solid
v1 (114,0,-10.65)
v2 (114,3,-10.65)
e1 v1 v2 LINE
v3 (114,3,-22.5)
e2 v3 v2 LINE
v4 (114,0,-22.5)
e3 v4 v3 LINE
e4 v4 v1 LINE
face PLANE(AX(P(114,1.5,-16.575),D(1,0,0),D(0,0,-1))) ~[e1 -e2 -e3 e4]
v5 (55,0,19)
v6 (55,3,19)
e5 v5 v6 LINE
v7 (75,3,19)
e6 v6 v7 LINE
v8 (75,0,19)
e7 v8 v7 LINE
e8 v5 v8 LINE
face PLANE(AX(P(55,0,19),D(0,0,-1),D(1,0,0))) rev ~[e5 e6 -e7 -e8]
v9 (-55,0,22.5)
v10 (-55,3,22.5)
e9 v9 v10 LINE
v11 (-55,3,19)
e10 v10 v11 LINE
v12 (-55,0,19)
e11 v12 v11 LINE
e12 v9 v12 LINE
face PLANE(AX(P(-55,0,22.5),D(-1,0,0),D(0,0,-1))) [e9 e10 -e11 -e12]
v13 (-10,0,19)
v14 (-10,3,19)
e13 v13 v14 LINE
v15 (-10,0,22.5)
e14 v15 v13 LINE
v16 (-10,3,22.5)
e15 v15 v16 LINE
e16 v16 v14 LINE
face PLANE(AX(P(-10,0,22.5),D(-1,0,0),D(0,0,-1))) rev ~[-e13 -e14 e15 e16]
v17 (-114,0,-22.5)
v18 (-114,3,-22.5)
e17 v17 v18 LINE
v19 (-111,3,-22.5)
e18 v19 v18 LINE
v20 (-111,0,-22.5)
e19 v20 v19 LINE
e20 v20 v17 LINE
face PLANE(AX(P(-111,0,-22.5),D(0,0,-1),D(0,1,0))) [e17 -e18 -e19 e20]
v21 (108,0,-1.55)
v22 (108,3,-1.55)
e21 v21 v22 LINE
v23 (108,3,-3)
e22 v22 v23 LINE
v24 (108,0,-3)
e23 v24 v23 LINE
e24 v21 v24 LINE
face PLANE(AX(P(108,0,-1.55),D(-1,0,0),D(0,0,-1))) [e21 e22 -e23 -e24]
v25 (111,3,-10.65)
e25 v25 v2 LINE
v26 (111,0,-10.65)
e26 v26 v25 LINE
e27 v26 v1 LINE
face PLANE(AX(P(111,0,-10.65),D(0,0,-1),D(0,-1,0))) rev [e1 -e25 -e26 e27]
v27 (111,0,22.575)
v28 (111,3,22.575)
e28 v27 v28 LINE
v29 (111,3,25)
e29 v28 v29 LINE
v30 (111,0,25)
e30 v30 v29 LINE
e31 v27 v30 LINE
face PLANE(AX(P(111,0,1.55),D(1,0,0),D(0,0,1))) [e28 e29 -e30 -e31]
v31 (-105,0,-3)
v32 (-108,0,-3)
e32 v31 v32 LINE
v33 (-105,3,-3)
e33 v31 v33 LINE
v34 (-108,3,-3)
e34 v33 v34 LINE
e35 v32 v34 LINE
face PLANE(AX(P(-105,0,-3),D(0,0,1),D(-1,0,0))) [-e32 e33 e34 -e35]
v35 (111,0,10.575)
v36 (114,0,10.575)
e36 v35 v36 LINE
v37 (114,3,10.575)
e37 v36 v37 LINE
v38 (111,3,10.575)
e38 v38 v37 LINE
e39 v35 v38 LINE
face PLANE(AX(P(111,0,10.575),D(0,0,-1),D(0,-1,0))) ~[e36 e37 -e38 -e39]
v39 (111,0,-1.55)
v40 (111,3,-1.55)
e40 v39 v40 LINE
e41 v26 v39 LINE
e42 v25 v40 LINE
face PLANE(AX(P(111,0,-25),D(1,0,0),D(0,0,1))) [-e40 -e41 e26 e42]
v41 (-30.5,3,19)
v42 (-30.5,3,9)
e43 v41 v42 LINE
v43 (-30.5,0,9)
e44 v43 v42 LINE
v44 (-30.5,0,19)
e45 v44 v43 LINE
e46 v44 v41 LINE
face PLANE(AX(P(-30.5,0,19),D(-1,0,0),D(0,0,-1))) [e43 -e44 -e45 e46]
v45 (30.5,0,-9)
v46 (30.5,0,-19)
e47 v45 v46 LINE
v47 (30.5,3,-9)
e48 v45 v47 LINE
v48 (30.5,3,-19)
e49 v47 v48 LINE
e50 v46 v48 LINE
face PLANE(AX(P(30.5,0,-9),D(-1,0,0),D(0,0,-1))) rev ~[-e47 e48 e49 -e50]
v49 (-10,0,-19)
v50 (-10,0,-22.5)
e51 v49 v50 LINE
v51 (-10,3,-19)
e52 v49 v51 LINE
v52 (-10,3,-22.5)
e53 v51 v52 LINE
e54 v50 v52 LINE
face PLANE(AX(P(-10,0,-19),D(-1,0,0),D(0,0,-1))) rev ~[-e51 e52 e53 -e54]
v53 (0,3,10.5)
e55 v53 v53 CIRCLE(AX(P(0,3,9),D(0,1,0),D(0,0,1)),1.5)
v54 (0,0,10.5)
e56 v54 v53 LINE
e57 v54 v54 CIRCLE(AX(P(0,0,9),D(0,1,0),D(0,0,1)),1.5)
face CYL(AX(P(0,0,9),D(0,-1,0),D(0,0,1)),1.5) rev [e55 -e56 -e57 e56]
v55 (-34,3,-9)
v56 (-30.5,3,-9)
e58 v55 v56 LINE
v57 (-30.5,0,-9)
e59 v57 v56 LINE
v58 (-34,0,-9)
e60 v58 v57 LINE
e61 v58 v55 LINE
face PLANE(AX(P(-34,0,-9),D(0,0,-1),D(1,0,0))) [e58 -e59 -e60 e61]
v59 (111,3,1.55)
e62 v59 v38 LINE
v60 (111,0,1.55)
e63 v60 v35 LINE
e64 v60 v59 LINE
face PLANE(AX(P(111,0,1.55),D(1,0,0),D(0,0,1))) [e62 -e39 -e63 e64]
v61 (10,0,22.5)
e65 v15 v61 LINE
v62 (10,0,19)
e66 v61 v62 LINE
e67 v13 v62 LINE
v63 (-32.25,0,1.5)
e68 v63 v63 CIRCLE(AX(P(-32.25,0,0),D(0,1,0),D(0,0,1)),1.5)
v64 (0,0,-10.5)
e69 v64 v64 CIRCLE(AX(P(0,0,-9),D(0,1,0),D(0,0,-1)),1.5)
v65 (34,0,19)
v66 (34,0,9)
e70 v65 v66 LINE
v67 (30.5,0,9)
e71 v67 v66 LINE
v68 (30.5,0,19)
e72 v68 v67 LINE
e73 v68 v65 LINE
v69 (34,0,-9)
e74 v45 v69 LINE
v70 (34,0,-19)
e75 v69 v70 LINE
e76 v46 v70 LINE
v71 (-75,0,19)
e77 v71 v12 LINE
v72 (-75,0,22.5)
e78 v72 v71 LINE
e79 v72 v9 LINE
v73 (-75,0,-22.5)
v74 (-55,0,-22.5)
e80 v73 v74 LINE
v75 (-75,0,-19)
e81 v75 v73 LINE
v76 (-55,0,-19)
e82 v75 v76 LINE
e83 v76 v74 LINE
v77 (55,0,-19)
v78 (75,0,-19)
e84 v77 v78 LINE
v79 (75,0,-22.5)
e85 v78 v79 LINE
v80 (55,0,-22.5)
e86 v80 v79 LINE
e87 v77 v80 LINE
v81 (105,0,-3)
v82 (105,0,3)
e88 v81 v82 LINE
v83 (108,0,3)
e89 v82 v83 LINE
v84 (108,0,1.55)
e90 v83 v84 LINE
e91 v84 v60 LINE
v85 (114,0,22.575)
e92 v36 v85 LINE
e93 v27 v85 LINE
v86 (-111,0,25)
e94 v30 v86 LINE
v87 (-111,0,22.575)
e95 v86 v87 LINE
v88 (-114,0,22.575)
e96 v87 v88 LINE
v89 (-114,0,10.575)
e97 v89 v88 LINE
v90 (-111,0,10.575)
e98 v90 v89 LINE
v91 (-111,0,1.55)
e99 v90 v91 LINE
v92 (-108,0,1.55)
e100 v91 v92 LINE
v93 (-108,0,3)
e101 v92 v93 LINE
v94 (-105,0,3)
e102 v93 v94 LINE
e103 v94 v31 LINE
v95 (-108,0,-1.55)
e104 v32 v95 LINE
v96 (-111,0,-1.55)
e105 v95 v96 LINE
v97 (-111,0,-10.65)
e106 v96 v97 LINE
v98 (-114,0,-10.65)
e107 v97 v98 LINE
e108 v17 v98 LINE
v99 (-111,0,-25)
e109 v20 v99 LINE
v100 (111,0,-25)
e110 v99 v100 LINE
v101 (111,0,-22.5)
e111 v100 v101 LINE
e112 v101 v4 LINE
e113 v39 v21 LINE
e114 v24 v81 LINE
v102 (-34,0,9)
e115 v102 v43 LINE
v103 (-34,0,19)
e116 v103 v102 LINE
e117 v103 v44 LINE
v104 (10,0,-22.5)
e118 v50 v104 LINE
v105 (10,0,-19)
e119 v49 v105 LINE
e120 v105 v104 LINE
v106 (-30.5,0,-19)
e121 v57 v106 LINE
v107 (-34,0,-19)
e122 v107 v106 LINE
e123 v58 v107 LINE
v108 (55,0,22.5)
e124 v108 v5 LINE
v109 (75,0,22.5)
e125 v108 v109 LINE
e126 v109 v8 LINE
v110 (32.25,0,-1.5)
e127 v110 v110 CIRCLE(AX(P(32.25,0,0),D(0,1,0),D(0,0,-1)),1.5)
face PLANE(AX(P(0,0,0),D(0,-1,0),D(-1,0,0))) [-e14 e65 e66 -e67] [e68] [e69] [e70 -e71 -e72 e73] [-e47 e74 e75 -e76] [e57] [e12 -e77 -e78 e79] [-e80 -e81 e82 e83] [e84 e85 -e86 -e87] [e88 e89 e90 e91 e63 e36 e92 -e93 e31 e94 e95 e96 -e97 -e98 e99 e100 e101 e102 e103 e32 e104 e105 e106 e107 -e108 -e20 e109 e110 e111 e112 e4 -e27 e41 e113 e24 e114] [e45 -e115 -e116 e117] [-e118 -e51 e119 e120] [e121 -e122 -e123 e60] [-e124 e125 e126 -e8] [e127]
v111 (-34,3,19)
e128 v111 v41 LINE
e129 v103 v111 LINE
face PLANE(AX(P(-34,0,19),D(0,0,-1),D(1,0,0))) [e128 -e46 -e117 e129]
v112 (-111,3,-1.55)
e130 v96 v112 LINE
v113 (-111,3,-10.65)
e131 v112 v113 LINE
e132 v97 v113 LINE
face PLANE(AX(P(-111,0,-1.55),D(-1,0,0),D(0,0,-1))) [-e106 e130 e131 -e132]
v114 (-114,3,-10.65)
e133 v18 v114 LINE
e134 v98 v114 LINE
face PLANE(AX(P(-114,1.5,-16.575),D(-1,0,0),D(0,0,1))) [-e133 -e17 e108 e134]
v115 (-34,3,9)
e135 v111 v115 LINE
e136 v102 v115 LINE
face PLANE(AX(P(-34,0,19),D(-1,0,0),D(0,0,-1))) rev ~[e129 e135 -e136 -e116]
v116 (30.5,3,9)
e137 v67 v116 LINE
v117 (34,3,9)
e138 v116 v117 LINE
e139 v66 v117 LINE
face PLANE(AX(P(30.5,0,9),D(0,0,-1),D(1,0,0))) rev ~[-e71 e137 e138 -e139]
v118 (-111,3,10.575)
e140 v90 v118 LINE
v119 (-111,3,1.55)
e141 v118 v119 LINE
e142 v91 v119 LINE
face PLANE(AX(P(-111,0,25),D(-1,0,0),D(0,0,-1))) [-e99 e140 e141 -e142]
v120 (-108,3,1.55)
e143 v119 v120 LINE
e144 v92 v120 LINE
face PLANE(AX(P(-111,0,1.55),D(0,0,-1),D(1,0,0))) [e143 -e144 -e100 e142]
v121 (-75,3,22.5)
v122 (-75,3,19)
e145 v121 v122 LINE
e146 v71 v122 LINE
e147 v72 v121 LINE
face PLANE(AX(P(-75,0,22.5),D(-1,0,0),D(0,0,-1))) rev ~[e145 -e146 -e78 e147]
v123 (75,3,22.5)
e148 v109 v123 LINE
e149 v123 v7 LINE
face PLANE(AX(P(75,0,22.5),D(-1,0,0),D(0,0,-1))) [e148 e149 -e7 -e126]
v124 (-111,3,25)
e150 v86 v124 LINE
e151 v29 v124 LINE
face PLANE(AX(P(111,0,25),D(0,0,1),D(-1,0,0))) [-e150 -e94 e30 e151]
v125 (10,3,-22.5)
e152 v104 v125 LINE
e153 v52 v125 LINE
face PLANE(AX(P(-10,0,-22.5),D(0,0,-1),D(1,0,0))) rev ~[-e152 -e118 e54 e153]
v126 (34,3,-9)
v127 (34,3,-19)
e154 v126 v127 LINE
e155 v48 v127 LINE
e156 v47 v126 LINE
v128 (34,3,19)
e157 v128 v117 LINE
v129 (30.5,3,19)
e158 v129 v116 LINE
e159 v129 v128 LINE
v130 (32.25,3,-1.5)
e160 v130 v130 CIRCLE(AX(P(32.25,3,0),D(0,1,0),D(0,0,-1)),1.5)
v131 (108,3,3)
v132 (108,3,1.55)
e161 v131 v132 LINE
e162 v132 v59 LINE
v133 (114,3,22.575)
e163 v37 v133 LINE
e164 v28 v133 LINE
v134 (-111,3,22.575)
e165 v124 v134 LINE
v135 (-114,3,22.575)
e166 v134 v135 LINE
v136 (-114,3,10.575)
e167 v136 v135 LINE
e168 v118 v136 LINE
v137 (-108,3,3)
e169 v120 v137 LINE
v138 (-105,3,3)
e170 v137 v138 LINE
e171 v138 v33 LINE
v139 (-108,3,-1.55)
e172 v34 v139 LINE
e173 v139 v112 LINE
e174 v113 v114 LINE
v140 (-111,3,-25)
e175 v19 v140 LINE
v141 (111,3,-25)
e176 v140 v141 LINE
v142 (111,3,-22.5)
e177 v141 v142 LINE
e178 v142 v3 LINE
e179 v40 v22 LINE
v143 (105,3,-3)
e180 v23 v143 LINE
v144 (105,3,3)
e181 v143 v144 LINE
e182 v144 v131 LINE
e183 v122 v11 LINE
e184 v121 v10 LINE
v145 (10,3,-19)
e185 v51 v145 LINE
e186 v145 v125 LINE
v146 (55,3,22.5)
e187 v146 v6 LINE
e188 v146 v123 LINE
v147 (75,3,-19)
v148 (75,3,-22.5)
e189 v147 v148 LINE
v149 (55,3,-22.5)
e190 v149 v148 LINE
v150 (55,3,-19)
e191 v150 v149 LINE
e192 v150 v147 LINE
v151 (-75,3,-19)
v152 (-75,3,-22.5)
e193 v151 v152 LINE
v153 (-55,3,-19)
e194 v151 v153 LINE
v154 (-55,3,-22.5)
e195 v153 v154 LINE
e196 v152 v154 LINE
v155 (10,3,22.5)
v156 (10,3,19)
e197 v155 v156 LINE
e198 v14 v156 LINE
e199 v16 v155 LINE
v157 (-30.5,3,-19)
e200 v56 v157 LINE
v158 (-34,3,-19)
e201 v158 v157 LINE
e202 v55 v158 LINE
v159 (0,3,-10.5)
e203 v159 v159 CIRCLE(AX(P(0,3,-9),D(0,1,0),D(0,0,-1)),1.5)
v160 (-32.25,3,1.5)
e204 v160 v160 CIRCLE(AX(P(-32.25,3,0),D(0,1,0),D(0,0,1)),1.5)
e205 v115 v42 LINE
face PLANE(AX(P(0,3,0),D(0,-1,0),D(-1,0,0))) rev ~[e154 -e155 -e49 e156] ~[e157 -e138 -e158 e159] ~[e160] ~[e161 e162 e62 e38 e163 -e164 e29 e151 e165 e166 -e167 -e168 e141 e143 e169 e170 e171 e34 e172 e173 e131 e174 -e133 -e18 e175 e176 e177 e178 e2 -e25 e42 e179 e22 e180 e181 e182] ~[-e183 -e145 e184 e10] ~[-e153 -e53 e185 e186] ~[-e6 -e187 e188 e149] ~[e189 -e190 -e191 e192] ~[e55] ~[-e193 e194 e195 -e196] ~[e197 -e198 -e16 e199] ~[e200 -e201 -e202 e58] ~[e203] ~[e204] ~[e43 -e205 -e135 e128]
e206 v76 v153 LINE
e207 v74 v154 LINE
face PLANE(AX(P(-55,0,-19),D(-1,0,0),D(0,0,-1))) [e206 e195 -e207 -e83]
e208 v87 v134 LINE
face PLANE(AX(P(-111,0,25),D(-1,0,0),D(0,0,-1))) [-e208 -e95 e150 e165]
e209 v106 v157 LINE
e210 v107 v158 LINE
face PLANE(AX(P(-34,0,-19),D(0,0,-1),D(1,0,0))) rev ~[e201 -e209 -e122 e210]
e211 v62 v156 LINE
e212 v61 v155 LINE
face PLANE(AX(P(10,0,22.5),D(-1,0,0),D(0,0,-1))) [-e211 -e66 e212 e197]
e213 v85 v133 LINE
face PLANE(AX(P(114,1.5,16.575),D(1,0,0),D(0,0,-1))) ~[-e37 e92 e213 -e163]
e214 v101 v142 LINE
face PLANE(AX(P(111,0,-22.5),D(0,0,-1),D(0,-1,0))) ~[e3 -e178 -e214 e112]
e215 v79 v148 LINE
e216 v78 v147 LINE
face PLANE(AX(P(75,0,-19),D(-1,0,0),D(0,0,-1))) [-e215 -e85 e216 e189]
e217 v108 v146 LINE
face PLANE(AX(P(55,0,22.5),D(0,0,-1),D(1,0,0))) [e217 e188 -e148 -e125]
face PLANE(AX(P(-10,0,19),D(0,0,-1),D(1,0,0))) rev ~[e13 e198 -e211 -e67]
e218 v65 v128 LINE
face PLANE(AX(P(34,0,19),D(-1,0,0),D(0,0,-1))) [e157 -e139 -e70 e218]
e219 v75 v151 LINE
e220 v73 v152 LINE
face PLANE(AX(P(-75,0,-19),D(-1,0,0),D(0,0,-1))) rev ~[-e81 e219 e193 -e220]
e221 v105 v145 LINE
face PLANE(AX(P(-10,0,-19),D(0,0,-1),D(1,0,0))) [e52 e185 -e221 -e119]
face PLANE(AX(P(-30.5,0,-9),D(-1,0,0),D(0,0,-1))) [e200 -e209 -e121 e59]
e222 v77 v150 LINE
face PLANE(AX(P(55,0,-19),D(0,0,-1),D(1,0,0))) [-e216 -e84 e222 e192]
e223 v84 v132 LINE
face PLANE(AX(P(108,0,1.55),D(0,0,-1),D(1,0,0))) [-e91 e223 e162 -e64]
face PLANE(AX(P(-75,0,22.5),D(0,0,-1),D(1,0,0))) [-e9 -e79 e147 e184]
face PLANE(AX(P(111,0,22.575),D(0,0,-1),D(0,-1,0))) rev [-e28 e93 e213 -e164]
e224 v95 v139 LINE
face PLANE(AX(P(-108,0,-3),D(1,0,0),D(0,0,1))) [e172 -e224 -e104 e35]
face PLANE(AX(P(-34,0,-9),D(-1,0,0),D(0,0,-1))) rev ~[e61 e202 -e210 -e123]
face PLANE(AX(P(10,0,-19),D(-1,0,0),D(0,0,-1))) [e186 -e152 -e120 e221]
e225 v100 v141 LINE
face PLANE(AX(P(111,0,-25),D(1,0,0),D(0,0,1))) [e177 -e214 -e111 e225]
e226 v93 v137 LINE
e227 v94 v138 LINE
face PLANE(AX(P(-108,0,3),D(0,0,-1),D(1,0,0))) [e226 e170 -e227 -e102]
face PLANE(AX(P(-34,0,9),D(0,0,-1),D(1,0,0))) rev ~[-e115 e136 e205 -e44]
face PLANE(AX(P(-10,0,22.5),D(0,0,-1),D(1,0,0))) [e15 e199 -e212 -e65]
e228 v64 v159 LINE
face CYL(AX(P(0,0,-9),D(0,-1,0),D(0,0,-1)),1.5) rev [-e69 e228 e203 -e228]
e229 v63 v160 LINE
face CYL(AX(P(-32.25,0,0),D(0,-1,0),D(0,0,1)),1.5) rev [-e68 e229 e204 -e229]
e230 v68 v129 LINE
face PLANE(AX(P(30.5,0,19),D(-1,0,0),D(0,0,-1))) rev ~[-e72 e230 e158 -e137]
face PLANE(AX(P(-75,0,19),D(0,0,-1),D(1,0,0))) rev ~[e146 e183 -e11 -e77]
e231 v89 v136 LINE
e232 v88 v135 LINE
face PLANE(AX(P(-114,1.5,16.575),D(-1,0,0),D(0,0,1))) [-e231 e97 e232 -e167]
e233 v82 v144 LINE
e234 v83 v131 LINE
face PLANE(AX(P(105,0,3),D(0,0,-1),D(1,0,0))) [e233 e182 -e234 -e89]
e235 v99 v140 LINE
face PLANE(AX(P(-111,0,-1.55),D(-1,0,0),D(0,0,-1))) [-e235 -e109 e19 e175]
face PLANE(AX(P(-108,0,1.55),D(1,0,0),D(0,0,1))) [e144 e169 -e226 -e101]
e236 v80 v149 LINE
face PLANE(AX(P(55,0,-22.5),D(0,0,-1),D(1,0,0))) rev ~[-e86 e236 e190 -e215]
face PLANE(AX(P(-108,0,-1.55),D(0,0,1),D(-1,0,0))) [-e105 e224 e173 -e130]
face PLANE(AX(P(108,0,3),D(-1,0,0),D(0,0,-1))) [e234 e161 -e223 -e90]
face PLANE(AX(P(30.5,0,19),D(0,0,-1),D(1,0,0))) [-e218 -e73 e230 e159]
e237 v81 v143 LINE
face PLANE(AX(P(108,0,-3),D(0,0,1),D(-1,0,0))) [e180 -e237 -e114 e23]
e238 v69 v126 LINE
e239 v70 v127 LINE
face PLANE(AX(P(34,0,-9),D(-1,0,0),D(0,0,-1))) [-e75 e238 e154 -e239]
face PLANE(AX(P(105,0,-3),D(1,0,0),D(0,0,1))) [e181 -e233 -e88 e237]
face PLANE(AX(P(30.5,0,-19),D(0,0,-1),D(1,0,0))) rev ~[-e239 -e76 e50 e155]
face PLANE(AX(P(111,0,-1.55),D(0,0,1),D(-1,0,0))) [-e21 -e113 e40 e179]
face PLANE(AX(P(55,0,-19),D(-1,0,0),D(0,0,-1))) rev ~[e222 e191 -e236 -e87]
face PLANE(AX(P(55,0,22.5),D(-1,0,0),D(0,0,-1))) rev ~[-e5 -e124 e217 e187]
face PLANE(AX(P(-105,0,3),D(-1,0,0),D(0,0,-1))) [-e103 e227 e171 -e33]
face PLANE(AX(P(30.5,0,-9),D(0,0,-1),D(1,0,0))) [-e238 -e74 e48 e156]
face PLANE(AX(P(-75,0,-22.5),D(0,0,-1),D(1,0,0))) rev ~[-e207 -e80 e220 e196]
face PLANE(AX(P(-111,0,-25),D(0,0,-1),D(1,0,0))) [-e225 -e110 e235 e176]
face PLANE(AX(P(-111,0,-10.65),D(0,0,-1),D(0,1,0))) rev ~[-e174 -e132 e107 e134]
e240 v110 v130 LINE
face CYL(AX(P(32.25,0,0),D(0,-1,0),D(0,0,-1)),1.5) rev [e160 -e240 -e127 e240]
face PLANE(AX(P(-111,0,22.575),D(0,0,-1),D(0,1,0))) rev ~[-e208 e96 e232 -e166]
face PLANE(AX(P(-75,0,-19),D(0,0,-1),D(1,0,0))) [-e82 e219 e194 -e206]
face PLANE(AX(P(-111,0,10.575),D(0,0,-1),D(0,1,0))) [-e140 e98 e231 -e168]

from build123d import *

# Parameters (mm, degrees)
CROQUIS1_R              = 1.5
CROQUIS1_W              = 20
CROQUIS1_H              = 3.5
CROQUIS1_W_2            = 3.5
CROQUIS1_H_2            = 10
SALIENTE_EXTRUIR1_DEPTH = 3
CROQUIS2_W              = 11.85
CROQUIS2_H              = 3
CROQUIS2_W_2            = 12
SALIENTE_EXTRUIR2_DEPTH = 3


with BuildPart() as part:
    # Croquis1 → Saliente-Extruir1 (new body)
    with BuildSketch(Plane(origin=(0, 0, 0), x_dir=(1, 0, 0), z_dir=(0, 1, 0))):
        Polygon((111, -25), (-111, -25), (-111, -1.55), (-108, -1.55), (-108, -3), (-105, -3), (-105, 3), (-108, 3), (-108, 1.55), (-111, 1.55), (-111, 25), (111, 25), (111, 1.55), (108, 1.55), (108, 3), (105, 3), (105, -3), (108, -3), (108, -1.55), (111, -1.55), align=None)
        with Locations(Location((-32.25, 0, 0), (0, 0, 270))):
            Circle(CROQUIS1_R, mode=Mode.SUBTRACT)
        with Locations(Location((32.25, 0, 0), (0, 0, 90))):
            Circle(CROQUIS1_R, mode=Mode.SUBTRACT)
        with Locations(Location((0, -9, 0), (0, 0, 270))):
            Circle(CROQUIS1_R, mode=Mode.SUBTRACT)
        with Locations(Location((0, 9, 0), (0, 0, 90))):
            Circle(CROQUIS1_R, mode=Mode.SUBTRACT)
        with Locations((65, 20.75)):
            Rectangle(CROQUIS1_W, CROQUIS1_H, mode=Mode.SUBTRACT)
        with Locations((0, 20.75)):
            Rectangle(CROQUIS1_W, CROQUIS1_H, mode=Mode.SUBTRACT)
        with Locations((-65, 20.75)):
            Rectangle(CROQUIS1_W, CROQUIS1_H, mode=Mode.SUBTRACT)
        with Locations((65, -20.75)):
            Rectangle(CROQUIS1_W, CROQUIS1_H, mode=Mode.SUBTRACT)
        with Locations((0, -20.75)):
            Rectangle(CROQUIS1_W, CROQUIS1_H, mode=Mode.SUBTRACT)
        with Locations((-65, -20.75)):
            Rectangle(CROQUIS1_W, CROQUIS1_H, mode=Mode.SUBTRACT)
        with Locations((-32.25, 14)):
            Rectangle(CROQUIS1_W_2, CROQUIS1_H_2, mode=Mode.SUBTRACT)
        with Locations((-32.25, -14)):
            Rectangle(CROQUIS1_W_2, CROQUIS1_H_2, mode=Mode.SUBTRACT)
        with Locations((32.25, 14)):
            Rectangle(CROQUIS1_W_2, CROQUIS1_H_2, mode=Mode.SUBTRACT)
        with Locations((32.25, -14)):
            Rectangle(CROQUIS1_W_2, CROQUIS1_H_2, mode=Mode.SUBTRACT)
    extrude(amount=SALIENTE_EXTRUIR1_DEPTH)

    # Croquis2 → Saliente-Extruir2 (add)
    with BuildSketch(Plane.ZY.offset(111)):
        with Locations((-16.575, 1.5)):
            Rectangle(CROQUIS2_W, CROQUIS2_H)
        with Locations((16.575, 1.5)):
            Rectangle(CROQUIS2_W_2, CROQUIS2_H)
    saliente_extruir2 = extrude(amount=SALIENTE_EXTRUIR2_DEPTH)

    # Simetría1: Saliente-Extruir2 across plane
    add(saliente_extruir2.mirror(Plane(origin=(0, 0, 0), x_dir=(0, 0, 1), z_dir=(1, 0, 0))))


solid = part.part
